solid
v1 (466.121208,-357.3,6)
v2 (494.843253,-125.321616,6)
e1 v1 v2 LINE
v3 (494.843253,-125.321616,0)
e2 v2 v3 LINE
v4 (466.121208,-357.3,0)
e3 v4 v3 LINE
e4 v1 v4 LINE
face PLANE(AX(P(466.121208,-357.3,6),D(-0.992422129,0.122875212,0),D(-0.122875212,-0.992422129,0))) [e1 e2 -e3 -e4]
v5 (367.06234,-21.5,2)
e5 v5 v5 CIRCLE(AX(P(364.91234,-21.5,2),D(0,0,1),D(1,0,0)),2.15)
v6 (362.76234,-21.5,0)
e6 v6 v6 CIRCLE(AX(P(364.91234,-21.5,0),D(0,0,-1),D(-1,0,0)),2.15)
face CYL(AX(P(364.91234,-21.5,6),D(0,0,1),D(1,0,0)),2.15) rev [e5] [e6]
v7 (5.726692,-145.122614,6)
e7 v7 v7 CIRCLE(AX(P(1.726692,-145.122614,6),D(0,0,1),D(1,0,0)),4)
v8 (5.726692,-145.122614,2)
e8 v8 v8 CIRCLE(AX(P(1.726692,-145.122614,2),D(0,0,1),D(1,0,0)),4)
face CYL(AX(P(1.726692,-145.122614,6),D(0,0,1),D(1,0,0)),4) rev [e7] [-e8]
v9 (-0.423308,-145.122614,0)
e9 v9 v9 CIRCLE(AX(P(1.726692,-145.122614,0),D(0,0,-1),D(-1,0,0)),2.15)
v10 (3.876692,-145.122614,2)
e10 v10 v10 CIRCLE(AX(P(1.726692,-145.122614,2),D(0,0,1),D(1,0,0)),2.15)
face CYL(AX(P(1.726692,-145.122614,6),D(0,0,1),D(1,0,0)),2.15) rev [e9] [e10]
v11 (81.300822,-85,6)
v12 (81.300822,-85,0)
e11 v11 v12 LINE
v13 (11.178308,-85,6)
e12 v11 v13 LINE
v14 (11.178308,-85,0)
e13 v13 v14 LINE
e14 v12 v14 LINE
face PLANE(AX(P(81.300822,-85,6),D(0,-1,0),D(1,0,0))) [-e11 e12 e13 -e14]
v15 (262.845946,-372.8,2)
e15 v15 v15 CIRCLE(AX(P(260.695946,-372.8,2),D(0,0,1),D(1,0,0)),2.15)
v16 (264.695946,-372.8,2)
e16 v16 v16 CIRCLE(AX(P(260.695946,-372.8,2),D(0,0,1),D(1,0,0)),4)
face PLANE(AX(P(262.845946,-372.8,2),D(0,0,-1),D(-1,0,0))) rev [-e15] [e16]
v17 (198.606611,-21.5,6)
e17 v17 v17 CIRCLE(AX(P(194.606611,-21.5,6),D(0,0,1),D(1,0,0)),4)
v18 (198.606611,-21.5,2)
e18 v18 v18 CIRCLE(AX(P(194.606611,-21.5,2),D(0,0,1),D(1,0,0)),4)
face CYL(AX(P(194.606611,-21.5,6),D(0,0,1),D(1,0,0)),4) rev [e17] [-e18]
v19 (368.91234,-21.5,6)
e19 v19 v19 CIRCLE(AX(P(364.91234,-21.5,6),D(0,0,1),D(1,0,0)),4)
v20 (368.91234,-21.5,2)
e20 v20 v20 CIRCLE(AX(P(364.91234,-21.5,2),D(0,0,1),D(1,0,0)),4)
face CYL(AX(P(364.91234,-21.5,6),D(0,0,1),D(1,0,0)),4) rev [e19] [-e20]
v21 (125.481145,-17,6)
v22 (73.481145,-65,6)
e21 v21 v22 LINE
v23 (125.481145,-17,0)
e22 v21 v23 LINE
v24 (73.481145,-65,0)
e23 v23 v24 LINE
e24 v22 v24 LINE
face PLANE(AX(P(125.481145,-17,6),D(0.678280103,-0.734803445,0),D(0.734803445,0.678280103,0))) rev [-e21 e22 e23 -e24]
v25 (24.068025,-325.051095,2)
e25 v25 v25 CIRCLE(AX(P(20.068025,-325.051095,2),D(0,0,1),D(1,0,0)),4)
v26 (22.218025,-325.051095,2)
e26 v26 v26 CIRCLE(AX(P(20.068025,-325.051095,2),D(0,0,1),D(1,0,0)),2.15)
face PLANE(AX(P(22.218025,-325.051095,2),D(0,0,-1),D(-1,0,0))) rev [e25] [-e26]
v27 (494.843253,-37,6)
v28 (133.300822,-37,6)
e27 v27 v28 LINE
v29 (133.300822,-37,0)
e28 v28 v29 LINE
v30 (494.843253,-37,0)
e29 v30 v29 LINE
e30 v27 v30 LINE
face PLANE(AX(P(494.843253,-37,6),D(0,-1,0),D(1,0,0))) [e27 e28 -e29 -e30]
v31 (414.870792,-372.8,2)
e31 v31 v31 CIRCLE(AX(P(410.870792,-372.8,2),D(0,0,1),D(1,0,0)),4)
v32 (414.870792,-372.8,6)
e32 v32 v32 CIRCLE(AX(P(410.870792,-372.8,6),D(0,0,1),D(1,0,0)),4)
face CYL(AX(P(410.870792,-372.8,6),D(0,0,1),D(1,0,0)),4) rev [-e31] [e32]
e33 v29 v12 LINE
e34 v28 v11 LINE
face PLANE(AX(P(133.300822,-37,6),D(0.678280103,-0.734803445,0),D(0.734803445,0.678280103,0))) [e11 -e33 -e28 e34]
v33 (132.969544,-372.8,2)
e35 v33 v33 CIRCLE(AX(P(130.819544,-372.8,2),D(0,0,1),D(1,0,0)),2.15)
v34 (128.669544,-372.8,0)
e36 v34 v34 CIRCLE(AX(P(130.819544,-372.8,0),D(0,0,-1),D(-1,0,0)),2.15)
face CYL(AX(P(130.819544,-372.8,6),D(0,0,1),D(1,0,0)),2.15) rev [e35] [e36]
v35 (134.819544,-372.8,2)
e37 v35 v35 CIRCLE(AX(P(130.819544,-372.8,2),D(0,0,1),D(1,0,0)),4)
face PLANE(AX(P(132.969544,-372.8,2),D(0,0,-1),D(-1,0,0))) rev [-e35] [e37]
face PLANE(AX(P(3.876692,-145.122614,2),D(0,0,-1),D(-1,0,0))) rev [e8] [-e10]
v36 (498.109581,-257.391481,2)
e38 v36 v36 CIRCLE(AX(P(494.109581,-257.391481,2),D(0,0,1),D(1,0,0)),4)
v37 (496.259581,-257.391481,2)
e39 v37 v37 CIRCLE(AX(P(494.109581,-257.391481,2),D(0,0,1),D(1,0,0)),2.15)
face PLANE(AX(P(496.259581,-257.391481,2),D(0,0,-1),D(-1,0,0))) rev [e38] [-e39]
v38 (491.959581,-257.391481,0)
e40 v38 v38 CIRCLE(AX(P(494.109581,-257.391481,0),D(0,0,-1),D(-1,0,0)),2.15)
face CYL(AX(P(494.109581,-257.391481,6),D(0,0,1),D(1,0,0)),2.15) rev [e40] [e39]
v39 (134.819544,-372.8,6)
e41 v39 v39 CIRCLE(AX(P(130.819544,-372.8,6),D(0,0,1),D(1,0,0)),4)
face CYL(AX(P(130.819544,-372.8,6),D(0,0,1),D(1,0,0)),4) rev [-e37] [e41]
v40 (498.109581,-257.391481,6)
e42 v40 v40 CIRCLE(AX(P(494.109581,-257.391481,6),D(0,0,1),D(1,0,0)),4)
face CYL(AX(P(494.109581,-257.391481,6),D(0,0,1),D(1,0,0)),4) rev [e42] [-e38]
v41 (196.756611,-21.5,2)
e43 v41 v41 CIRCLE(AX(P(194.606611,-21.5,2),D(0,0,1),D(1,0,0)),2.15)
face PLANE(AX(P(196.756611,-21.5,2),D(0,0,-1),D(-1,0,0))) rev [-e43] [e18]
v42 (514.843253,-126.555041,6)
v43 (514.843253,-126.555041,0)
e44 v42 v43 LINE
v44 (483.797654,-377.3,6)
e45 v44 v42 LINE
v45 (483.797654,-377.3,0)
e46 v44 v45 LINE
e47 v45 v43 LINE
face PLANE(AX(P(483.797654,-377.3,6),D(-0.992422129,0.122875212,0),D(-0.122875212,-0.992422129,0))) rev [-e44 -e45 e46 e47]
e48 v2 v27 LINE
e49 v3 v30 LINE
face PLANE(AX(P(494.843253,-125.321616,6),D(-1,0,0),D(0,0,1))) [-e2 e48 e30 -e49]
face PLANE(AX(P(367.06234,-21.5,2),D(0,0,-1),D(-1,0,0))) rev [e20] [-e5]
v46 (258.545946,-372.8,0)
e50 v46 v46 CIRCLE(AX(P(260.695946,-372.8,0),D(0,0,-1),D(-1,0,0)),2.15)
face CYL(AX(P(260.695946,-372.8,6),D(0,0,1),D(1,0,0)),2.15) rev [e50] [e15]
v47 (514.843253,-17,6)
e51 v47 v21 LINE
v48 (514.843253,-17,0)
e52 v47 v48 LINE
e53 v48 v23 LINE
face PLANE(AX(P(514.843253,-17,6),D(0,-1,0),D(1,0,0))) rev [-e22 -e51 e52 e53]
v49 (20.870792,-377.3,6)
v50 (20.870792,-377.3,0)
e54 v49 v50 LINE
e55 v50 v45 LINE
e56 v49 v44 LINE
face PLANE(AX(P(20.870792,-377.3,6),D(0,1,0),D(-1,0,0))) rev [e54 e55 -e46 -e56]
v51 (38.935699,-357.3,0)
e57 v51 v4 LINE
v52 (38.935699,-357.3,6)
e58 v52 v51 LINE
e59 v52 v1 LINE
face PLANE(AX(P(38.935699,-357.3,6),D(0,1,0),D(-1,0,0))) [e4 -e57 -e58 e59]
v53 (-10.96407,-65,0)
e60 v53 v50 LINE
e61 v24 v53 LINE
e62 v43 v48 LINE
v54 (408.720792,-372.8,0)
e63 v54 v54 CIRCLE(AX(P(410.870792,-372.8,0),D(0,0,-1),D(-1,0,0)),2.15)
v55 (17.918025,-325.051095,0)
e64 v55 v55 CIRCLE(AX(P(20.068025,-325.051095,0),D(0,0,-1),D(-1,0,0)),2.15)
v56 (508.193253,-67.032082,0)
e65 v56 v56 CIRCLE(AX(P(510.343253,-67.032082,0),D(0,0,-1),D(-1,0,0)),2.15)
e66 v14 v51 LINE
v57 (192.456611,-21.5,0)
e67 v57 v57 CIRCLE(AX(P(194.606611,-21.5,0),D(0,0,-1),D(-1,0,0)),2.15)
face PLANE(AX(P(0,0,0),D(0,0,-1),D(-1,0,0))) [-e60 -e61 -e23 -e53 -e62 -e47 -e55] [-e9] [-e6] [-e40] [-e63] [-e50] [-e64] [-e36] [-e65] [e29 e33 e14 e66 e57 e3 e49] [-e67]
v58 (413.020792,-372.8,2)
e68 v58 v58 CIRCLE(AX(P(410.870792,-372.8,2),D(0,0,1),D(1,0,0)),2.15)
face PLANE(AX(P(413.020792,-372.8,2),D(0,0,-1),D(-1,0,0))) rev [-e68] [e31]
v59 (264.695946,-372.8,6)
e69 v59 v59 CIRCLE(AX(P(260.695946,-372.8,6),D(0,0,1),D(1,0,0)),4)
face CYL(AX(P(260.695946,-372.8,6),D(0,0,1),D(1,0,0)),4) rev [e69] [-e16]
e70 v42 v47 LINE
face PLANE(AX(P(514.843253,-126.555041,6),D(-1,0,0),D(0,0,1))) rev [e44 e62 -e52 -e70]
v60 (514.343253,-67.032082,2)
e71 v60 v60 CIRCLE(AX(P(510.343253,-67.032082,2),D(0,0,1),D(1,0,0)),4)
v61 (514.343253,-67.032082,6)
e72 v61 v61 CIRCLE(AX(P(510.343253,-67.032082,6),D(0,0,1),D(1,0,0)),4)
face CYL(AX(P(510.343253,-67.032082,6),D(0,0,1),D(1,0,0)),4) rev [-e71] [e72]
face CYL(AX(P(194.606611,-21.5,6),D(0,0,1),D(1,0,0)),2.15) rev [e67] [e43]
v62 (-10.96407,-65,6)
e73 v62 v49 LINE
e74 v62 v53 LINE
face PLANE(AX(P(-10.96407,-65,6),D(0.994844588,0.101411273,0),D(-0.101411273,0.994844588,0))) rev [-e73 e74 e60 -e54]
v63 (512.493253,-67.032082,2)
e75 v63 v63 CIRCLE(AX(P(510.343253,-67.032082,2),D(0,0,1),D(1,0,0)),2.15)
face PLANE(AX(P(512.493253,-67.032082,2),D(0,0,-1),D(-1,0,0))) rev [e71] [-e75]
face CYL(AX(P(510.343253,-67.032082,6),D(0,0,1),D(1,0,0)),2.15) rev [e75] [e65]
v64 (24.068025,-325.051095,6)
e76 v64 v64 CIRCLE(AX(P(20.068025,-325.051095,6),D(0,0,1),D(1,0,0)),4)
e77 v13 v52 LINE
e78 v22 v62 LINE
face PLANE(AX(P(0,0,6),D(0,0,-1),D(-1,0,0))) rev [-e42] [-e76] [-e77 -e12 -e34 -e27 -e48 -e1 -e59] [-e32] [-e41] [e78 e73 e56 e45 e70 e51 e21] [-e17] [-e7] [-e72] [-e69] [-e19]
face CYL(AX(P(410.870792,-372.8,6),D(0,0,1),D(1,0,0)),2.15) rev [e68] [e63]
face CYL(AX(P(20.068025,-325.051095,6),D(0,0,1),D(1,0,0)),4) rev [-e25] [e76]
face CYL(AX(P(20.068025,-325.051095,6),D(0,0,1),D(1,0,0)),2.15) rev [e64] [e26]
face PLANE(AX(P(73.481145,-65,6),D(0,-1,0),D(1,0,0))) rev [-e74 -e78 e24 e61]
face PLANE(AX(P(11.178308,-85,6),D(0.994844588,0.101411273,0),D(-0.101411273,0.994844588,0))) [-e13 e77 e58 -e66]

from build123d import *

# Parameters (mm, degrees)
BOSS_EXTRU_1_DEPTH                              = 6
CHAMBRAGE_POUR_VIS_T_TE_CYLINDRIQUE_D           = 4.3
CHAMBRAGE_POUR_VIS_T_TE_CYLINDRIQUE_DEPTH       = 14
CHAMBRAGE_POUR_VIS_T_TE_CYLINDRIQUE_CBORE_D     = 8
CHAMBRAGE_POUR_VIS_T_TE_CYLINDRIQUE_CBORE_DEPTH = 4
CHAMBRAGE_POUR_VIS_T_TE_CYLINDRIQUE_TIP         = 1.291850331


with BuildPart() as part:
    # Esquisse2 → Boss.-Extru.1 (new body)
    with BuildSketch(Plane.XY):
        Polygon((-10.964070347, -65), (20.870792038, -377.3), (483.797653512, -377.3), (514.843253, -126.55504147), (514.843253, -17), (125.48114549, -17), (73.48114549, -65), align=None)
        Polygon((11.178308202, -85), (38.93569862, -357.3), (466.12120793, -357.3), (494.843253, -125.321615981), (494.843253, -37), (133.300822179, -37), (81.300822179, -85), align=None, mode=Mode.SUBTRACT)
    extrude(amount=BOSS_EXTRU_1_DEPTH)

    # Chambrage pour vis à tête cylindrique à 6 pans creux (ou vis CHC) M41
    with Locations(Plane.XY.offset(6)):
        with Locations((1.726692055, -145.122614111), (20.068025449, -325.051094707), (130.819543848, -372.8), (260.695946352, -372.8), (410.870792038, -372.8), (494.109580684, -257.391480805), (510.343253, -67.032082447), (364.912339867, -21.5), (194.606610564, -21.5)):
            CounterBoreHole(CHAMBRAGE_POUR_VIS_T_TE_CYLINDRIQUE_D / 2, CHAMBRAGE_POUR_VIS_T_TE_CYLINDRIQUE_CBORE_D / 2, CHAMBRAGE_POUR_VIS_T_TE_CYLINDRIQUE_CBORE_DEPTH, depth=CHAMBRAGE_POUR_VIS_T_TE_CYLINDRIQUE_DEPTH)
            with Locations((0, 0, -(CHAMBRAGE_POUR_VIS_T_TE_CYLINDRIQUE_DEPTH + CHAMBRAGE_POUR_VIS_T_TE_CYLINDRIQUE_TIP / 2))):  # 118° drill point
                Cone(0, CHAMBRAGE_POUR_VIS_T_TE_CYLINDRIQUE_D / 2, CHAMBRAGE_POUR_VIS_T_TE_CYLINDRIQUE_TIP, mode=Mode.SUBTRACT)


solid = part.part
